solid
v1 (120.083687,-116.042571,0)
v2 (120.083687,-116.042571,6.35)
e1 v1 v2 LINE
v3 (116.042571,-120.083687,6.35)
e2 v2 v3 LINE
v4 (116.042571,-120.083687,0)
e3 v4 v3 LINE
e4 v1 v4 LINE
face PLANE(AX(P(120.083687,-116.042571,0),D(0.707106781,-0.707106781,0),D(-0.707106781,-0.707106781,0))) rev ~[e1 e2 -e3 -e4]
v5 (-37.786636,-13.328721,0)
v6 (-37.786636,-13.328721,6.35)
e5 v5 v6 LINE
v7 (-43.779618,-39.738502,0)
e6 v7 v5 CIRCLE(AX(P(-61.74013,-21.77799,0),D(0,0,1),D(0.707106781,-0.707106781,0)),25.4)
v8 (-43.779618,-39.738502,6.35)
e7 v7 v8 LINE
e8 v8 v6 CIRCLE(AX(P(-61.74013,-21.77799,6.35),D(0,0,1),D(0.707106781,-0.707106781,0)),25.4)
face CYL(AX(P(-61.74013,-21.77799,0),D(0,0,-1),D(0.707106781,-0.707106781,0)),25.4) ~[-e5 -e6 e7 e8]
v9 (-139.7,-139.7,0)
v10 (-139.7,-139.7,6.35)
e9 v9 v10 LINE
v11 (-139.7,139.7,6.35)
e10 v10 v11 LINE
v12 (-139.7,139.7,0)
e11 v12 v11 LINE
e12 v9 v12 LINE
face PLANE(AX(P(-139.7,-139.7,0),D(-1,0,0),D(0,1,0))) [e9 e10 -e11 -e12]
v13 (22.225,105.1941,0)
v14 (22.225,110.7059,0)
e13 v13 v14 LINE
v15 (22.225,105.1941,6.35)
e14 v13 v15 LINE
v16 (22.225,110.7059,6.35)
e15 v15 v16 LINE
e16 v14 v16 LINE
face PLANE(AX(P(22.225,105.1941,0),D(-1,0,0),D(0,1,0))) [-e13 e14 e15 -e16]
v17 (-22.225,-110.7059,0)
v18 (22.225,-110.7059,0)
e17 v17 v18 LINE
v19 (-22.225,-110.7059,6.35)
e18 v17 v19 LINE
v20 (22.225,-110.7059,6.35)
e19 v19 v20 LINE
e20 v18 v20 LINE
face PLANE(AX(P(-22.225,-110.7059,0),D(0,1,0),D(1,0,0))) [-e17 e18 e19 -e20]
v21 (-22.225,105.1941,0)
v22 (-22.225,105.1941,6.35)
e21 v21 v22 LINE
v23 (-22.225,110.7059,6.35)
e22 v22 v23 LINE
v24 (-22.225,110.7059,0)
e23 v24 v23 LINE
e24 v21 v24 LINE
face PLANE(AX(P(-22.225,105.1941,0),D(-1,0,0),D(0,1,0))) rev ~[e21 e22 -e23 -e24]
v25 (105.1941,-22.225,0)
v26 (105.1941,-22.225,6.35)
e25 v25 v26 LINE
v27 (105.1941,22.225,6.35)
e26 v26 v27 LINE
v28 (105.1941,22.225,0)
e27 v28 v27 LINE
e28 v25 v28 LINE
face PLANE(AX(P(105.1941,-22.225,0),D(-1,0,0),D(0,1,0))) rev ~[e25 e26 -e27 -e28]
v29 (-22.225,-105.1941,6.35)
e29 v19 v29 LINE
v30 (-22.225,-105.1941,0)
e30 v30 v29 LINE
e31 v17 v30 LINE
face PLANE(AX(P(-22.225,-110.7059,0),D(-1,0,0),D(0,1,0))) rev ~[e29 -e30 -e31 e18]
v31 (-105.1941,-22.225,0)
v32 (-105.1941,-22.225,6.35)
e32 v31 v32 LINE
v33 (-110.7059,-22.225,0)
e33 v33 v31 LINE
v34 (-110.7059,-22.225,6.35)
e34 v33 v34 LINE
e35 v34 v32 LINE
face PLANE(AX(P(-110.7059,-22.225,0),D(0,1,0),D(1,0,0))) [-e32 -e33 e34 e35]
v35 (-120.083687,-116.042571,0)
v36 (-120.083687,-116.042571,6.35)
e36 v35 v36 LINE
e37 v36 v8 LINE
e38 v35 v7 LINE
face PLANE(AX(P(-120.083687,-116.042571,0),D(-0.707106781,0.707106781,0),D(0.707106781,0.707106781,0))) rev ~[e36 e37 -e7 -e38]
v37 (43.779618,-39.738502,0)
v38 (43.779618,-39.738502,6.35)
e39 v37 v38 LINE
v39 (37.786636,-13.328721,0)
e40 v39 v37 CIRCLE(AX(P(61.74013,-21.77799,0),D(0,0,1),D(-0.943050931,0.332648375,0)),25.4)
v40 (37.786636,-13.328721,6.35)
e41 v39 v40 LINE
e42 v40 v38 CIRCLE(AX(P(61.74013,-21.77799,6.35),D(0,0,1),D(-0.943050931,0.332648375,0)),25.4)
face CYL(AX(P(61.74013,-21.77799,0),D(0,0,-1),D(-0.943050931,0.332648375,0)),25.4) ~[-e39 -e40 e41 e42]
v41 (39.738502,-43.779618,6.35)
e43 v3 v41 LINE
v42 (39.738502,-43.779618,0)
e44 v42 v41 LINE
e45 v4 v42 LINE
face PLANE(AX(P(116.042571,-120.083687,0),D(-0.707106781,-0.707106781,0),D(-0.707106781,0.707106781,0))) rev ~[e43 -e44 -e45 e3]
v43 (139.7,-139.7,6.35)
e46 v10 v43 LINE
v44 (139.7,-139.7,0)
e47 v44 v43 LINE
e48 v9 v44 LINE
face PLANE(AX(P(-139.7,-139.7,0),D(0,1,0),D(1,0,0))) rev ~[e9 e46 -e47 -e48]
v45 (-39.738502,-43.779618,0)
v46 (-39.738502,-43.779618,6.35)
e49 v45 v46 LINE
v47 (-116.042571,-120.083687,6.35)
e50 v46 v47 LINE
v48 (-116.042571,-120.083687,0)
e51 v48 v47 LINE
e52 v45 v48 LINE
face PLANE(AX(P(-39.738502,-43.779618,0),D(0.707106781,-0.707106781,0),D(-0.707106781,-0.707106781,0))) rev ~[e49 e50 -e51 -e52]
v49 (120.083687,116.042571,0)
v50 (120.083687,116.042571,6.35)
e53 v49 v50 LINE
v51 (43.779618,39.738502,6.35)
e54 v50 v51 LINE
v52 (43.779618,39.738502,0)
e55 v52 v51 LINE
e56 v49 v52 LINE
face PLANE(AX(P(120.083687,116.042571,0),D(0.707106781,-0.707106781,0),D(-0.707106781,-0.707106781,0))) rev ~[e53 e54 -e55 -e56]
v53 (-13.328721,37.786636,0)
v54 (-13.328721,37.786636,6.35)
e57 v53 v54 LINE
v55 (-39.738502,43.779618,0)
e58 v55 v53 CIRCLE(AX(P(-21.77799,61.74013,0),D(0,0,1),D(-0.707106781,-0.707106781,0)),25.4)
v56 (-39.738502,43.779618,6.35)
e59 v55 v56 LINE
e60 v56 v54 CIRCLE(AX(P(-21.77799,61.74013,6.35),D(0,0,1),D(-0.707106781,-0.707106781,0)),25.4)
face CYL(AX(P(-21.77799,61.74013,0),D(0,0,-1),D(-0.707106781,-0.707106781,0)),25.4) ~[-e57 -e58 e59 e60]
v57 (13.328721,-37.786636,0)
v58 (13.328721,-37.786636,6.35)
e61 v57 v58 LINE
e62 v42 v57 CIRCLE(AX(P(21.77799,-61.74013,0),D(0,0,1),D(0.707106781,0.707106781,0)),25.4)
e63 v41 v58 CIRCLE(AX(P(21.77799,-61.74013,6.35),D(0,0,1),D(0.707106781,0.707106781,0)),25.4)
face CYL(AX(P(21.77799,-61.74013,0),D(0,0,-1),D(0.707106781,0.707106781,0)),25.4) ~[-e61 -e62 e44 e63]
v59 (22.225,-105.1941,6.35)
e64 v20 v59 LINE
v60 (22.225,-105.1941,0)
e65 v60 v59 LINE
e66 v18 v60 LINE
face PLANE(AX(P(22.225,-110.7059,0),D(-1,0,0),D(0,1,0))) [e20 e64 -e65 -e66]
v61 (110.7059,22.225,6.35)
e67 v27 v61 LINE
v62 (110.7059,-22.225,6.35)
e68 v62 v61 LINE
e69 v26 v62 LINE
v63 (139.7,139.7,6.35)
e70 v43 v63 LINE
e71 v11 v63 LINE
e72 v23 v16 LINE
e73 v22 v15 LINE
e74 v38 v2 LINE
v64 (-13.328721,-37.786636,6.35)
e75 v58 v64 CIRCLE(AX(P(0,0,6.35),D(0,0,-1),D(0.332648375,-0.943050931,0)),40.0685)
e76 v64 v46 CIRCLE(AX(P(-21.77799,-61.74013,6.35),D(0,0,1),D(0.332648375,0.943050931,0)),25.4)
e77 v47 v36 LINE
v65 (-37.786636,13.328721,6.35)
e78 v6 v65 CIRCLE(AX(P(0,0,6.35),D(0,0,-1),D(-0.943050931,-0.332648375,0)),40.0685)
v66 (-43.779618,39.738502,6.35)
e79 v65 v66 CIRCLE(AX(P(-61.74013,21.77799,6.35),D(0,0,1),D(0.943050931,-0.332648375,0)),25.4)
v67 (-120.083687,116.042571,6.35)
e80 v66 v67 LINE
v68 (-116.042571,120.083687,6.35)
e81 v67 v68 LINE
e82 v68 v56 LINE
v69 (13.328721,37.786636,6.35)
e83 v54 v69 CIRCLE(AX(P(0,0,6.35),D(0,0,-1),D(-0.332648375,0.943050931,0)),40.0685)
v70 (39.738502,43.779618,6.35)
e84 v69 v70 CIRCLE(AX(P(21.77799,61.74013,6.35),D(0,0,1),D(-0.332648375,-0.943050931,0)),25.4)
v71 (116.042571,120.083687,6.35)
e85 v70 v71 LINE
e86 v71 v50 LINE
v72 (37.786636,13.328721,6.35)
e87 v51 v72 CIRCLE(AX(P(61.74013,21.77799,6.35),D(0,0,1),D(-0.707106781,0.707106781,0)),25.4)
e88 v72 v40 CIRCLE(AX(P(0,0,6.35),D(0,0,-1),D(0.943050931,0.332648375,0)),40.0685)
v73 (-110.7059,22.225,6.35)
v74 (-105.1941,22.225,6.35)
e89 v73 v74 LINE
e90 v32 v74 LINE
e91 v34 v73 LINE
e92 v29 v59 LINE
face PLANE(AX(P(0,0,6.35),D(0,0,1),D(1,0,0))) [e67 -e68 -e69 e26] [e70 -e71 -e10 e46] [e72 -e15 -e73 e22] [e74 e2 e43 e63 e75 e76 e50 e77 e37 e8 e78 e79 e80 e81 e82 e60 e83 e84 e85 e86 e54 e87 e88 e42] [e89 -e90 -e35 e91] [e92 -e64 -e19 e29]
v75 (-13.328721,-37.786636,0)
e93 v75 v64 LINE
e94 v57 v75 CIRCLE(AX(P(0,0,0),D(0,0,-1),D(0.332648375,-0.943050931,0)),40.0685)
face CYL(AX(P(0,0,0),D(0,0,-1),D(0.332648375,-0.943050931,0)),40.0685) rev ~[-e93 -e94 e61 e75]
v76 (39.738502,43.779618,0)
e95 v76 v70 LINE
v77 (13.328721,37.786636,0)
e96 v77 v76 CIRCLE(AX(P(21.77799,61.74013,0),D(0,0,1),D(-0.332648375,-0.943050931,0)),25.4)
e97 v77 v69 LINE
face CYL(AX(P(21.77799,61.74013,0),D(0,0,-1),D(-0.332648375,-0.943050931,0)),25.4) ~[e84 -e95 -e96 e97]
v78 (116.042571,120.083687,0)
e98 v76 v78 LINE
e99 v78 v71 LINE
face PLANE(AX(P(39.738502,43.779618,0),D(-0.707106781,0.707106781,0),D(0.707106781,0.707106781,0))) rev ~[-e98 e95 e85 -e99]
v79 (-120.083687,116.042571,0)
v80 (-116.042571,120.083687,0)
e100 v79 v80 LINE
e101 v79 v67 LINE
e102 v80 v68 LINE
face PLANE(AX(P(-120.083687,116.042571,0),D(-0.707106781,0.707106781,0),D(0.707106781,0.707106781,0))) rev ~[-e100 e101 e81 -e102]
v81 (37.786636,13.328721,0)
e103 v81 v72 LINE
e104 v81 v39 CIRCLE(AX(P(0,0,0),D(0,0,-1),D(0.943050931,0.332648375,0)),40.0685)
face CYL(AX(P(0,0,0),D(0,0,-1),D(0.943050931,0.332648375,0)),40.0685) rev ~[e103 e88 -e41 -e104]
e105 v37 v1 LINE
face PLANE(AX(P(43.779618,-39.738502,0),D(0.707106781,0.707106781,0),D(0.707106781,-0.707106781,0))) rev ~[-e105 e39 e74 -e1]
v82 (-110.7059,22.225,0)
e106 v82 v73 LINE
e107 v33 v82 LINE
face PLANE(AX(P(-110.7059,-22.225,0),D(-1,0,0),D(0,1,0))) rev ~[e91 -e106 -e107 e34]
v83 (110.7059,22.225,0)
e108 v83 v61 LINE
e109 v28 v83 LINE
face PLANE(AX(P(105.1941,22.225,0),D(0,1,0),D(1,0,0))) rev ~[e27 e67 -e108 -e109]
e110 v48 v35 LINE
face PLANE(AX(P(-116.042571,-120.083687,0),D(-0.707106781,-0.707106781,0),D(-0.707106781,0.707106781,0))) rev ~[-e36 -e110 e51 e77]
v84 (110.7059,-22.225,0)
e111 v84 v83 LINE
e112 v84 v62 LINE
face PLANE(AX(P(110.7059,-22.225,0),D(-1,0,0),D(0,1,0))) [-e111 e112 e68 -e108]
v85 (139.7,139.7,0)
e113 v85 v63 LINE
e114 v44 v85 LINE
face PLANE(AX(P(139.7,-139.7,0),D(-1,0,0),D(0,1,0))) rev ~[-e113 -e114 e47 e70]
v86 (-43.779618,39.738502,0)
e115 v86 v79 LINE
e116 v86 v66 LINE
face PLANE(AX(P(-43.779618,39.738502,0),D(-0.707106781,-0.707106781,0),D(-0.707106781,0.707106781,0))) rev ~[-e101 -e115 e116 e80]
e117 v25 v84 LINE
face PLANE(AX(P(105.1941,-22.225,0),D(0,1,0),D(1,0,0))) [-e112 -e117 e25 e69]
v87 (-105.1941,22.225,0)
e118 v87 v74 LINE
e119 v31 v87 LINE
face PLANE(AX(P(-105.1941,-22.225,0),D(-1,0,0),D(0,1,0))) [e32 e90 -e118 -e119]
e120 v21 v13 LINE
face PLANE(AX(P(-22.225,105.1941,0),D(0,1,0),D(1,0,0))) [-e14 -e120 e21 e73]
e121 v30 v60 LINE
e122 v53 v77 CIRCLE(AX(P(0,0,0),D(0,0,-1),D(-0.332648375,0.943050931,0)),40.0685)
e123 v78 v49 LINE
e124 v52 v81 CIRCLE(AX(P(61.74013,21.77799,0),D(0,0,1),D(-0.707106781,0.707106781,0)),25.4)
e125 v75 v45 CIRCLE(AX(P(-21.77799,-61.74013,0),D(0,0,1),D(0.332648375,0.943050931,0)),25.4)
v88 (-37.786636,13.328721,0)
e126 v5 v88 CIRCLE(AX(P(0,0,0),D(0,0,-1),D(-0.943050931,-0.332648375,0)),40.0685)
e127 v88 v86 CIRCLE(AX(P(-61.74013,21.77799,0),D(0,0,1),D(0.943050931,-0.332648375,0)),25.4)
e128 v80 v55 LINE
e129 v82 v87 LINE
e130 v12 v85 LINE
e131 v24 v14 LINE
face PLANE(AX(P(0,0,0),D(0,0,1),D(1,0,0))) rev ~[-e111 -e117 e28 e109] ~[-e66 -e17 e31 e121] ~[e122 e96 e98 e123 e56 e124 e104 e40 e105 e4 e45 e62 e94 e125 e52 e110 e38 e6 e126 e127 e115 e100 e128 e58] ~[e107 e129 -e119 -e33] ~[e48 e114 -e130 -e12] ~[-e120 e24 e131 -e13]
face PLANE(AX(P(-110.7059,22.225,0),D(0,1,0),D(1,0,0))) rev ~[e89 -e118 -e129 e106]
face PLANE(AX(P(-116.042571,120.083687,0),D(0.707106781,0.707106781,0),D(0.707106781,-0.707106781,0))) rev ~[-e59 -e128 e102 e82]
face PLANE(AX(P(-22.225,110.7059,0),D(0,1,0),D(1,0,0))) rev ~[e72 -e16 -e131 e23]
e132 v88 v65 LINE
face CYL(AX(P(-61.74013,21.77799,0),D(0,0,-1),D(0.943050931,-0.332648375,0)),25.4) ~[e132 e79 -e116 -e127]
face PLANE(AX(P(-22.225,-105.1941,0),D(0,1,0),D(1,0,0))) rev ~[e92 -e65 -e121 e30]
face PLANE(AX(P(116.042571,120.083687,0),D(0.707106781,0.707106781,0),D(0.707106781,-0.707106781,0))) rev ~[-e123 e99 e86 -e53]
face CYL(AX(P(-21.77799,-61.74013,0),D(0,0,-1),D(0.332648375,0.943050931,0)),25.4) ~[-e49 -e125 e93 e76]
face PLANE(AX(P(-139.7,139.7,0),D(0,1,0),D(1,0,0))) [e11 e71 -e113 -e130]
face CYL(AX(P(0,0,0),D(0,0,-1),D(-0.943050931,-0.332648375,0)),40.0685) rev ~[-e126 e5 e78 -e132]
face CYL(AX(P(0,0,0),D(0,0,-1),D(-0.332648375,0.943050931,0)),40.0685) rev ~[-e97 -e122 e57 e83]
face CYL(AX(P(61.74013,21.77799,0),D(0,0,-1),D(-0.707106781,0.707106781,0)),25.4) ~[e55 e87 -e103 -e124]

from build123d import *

# Parameters (mm, degrees)
SKETCH2_W           = 279.4
SKETCH2_H           = 279.4
SKETCH2_W_2         = 44.45
SKETCH2_H_2         = 5.5118
SKETCH2_W_3         = 5.5118
SKETCH2_H_3         = 44.45
BOSS_EXTRUDE1_DEPTH = 6.35


with BuildPart() as part:
    # Sketch2 → Boss-Extrude1 (new body)
    with BuildSketch(Plane.XY):
        Rectangle(SKETCH2_W, SKETCH2_H)
        with BuildLine():
            Line((-43.779617638, 39.738502384), (-120.083686649, 116.042571394))
            Line((-120.083686649, 116.042571394), (-116.042571394, 120.083686649))
            Line((-116.042571394, 120.083686649), (-39.738502384, 43.779617638))
            ThreePointArc((-39.738502384, 43.779617638), (-27.398923769, 36.969883512), (-13.328721415, 37.786636231))
            ThreePointArc((-13.328721415, 37.786636231), (0, 40.0685), (13.328721415, 37.786636231))
            ThreePointArc((13.328721415, 37.786636231), (27.398923769, 36.969883512), (39.738502384, 43.779617638))
            Line((39.738502384, 43.779617638), (116.042571394, 120.083686649))
            Line((116.042571394, 120.083686649), (120.083686649, 116.042571394))
            Line((120.083686649, 116.042571394), (43.779617638, 39.738502384))
            ThreePointArc((43.779617638, 39.738502384), (36.969883512, 27.398923769), (37.786636231, 13.328721415))
            ThreePointArc((37.786636231, 13.328721415), (40.0685, 0), (37.786636231, -13.328721415))
            ThreePointArc((37.786636231, -13.328721415), (36.969883512, -27.398923769), (43.779617638, -39.738502384))
            Line((43.779617638, -39.738502384), (120.083686649, -116.042571394))
            Line((120.083686649, -116.042571394), (116.042571394, -120.083686649))
            Line((116.042571394, -120.083686649), (39.738502384, -43.779617638))
            ThreePointArc((39.738502384, -43.779617638), (27.398923769, -36.969883512), (13.328721415, -37.786636231))
            ThreePointArc((13.328721415, -37.786636231), (0, -40.0685), (-13.328721415, -37.786636231))
            ThreePointArc((-13.328721415, -37.786636231), (-27.398923769, -36.969883512), (-39.738502384, -43.779617638))
            Line((-39.738502384, -43.779617638), (-116.042571394, -120.083686649))
            Line((-116.042571394, -120.083686649), (-120.083686649, -116.042571394))
            Line((-120.083686649, -116.042571394), (-43.779617638, -39.738502384))
            ThreePointArc((-43.779617638, -39.738502384), (-36.969883512, -27.398923769), (-37.786636231, -13.328721415))
            ThreePointArc((-37.786636231, -13.328721415), (-40.0685, 0), (-37.786636231, 13.328721415))
            ThreePointArc((-37.786636231, 13.328721415), (-36.969883512, 27.398923769), (-43.779617638, 39.738502384))
        make_face(mode=Mode.SUBTRACT)
        with Locations((0, -107.95)):
            Rectangle(SKETCH2_W_2, SKETCH2_H_2, mode=Mode.SUBTRACT)
        with Locations((-107.95, 0)):
            Rectangle(SKETCH2_W_3, SKETCH2_H_3, mode=Mode.SUBTRACT)
        with Locations((0, 107.95)):
            Rectangle(SKETCH2_W_2, SKETCH2_H_2, mode=Mode.SUBTRACT)
        with Locations((107.95, 0)):
            Rectangle(SKETCH2_W_3, SKETCH2_H_3, mode=Mode.SUBTRACT)
    extrude(amount=BOSS_EXTRUDE1_DEPTH)


solid = part.part
